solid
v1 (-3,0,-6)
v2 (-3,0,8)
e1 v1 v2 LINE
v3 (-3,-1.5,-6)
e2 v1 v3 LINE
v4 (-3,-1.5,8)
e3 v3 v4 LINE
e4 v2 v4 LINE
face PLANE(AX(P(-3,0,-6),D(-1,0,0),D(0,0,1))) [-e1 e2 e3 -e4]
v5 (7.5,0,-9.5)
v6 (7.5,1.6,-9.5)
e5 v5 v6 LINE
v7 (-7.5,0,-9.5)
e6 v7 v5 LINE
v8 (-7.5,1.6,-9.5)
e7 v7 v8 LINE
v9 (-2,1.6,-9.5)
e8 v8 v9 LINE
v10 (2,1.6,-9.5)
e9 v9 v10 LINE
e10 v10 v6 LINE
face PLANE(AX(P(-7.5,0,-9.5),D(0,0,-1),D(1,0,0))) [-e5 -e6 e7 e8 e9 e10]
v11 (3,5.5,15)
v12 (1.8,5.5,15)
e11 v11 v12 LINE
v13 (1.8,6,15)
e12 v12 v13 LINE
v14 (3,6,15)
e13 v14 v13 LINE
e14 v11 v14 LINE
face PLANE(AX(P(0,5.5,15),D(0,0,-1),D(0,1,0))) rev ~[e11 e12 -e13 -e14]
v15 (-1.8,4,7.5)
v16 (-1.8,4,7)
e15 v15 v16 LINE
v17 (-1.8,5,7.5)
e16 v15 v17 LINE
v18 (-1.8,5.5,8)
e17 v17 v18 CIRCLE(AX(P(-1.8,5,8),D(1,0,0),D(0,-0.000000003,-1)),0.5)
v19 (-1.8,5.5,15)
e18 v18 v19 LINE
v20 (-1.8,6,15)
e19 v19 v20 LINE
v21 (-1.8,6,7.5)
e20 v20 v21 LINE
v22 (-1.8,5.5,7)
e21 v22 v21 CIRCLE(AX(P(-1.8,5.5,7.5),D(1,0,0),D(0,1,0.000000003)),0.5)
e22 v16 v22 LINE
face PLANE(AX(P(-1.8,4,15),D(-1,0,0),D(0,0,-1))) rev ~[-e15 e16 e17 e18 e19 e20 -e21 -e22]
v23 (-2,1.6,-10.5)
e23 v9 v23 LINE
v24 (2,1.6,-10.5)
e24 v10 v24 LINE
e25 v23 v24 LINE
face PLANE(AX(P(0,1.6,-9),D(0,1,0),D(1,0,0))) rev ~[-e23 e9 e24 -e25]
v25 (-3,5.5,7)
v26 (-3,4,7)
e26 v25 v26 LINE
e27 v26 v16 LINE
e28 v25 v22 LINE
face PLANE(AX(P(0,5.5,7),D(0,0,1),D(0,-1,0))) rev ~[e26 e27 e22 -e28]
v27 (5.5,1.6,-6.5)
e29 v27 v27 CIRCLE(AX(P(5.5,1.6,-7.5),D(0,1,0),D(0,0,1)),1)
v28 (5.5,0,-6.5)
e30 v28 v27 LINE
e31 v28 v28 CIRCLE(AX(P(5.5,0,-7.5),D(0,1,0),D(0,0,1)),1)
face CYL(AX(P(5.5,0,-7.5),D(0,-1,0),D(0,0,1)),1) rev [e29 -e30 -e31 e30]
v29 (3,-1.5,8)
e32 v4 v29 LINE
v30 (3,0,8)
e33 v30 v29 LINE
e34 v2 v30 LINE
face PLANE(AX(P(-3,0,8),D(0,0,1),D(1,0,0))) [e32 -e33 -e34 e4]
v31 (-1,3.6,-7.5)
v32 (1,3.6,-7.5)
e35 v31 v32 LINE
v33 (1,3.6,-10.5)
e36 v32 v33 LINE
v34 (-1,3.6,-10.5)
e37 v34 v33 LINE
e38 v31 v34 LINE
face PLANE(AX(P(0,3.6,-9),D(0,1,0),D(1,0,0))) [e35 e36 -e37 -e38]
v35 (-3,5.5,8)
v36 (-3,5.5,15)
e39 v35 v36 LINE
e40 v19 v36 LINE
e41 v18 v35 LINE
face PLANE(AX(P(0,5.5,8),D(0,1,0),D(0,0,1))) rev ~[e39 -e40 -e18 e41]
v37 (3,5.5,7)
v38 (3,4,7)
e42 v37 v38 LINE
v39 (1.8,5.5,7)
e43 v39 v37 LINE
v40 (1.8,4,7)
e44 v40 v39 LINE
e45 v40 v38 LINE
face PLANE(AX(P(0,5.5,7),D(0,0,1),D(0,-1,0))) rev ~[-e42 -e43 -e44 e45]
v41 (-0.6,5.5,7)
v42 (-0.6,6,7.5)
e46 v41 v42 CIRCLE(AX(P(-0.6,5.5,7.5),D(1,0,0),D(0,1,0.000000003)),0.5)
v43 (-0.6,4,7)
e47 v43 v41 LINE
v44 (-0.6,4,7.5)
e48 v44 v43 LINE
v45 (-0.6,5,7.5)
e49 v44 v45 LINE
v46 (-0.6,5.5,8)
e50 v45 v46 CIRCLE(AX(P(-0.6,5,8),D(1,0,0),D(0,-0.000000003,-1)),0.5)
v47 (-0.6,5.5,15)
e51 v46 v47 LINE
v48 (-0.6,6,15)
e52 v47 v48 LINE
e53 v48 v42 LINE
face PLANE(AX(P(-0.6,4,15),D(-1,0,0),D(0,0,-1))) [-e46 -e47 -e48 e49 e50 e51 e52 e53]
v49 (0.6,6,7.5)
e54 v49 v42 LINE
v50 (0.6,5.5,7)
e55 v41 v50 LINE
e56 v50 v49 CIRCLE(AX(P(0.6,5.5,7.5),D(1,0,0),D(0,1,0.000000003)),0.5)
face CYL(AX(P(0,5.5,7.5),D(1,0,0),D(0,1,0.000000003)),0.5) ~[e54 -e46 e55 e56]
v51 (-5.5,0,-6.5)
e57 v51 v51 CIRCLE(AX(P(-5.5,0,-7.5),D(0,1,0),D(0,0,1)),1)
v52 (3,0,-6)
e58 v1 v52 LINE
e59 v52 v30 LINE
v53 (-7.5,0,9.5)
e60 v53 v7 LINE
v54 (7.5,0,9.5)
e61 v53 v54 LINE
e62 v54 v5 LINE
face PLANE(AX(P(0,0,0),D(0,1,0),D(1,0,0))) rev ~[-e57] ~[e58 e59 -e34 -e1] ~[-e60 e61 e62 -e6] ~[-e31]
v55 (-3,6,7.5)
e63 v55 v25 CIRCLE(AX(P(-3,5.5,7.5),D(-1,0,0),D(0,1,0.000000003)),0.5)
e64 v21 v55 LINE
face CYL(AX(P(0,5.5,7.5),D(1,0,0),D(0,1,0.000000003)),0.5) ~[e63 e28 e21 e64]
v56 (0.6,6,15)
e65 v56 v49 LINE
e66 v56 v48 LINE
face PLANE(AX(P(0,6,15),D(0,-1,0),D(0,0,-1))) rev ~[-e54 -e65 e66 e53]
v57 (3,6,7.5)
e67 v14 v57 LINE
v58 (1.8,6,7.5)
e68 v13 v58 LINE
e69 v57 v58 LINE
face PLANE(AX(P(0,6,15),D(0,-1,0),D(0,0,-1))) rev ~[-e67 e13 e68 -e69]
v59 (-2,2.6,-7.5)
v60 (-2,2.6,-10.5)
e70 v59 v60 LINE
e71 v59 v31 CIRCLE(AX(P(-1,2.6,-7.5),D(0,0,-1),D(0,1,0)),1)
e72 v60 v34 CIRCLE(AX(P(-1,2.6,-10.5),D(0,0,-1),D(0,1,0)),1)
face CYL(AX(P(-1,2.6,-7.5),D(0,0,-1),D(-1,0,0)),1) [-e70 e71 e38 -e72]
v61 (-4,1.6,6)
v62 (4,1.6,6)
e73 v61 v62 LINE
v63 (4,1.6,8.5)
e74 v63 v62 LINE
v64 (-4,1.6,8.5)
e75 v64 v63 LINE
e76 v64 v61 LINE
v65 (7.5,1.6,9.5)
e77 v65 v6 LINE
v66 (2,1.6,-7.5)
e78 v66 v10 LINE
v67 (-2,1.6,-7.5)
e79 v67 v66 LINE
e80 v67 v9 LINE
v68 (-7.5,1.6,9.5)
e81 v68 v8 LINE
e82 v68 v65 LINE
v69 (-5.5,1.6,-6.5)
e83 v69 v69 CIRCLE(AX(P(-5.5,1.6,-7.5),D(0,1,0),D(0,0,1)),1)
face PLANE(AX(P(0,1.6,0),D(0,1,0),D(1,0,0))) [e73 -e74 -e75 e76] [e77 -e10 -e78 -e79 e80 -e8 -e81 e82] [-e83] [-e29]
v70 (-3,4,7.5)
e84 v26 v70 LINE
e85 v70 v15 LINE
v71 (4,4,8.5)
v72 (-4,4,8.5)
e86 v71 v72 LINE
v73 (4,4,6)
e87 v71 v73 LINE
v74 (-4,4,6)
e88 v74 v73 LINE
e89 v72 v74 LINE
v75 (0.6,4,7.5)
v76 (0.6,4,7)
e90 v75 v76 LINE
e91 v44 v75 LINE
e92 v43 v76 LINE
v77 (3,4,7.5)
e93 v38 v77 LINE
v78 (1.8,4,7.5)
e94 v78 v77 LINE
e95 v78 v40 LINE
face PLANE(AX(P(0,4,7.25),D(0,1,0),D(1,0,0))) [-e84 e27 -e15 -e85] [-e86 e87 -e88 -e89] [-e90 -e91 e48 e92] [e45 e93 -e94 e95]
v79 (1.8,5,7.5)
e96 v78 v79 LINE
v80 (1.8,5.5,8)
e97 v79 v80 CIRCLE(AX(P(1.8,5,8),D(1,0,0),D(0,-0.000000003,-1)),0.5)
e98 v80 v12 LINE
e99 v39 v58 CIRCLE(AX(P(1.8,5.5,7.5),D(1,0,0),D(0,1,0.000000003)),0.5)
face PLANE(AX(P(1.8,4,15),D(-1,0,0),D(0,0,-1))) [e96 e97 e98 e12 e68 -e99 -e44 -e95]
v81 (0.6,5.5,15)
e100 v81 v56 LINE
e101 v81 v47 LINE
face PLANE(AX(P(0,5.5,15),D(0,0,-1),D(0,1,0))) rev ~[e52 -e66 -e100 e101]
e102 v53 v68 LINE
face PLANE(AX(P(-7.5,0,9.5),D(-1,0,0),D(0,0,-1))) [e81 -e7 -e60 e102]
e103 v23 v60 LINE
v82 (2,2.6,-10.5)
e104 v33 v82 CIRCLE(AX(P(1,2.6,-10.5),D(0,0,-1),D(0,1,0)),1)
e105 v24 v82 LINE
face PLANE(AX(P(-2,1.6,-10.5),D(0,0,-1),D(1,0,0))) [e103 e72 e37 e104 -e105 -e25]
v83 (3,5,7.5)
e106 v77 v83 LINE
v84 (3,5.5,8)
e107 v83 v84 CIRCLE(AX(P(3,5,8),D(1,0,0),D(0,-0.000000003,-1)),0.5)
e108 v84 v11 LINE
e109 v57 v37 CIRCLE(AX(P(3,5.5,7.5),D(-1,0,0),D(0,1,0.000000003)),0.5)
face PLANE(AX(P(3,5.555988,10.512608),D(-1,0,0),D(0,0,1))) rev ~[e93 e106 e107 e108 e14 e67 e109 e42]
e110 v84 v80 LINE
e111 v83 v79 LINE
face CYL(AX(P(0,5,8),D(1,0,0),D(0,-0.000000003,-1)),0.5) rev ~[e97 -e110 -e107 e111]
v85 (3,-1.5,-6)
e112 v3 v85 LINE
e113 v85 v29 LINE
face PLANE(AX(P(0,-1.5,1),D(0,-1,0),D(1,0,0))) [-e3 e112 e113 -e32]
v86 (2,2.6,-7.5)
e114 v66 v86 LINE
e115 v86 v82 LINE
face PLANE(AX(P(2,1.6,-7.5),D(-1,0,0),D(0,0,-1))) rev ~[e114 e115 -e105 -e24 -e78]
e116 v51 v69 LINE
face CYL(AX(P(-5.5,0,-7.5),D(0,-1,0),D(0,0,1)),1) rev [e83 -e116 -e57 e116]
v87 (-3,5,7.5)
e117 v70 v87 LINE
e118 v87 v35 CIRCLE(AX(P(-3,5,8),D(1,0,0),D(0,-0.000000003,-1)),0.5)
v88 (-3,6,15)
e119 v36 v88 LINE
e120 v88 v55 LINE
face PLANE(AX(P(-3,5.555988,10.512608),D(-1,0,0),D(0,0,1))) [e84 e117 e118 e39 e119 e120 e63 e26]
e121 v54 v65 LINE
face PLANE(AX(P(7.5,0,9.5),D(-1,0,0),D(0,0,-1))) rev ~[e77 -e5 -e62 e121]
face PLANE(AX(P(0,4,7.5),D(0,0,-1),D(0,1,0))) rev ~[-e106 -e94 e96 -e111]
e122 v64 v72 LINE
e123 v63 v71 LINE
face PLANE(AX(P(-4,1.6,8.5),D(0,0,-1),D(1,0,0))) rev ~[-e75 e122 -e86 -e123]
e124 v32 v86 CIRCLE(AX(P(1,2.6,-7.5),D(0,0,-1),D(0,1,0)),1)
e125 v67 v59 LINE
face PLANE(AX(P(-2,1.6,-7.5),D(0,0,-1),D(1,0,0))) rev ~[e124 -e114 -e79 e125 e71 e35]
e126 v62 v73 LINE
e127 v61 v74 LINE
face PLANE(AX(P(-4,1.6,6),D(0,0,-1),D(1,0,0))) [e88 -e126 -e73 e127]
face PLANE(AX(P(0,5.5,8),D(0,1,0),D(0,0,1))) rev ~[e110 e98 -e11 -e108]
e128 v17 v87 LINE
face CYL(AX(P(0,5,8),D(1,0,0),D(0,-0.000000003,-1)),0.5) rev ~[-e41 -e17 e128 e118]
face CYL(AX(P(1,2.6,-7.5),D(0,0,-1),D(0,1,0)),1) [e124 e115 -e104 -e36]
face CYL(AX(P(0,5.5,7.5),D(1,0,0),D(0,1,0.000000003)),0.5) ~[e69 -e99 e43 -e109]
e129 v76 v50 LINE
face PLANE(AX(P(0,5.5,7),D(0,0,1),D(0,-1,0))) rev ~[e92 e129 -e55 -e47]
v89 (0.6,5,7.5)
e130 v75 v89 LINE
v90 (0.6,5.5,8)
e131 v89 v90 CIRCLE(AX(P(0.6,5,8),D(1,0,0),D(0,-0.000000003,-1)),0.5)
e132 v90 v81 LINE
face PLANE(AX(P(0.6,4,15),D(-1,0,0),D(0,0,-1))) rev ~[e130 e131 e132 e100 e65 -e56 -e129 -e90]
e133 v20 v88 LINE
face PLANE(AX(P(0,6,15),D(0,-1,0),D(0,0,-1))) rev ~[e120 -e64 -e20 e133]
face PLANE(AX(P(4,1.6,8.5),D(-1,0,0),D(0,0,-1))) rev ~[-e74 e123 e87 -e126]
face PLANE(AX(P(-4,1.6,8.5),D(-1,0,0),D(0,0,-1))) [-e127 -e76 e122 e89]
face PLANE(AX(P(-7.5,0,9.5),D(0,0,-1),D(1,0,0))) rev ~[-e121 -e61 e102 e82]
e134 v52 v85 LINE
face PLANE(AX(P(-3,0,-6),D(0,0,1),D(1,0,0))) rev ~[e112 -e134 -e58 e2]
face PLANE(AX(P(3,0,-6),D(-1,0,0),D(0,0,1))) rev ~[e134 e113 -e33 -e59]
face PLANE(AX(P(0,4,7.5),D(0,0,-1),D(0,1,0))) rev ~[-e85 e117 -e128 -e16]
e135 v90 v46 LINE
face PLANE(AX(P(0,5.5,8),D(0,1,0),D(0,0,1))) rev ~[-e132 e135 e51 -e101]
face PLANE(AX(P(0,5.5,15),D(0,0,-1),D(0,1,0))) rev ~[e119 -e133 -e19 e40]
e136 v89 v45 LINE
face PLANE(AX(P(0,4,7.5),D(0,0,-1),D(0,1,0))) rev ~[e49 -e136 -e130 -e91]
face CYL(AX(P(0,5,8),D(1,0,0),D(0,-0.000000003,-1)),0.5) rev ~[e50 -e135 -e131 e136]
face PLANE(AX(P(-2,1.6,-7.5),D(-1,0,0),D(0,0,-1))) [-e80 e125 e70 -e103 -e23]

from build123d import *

# Parameters (mm, degrees)
ESBO_O1_W                = 15
ESBO_O1_H                = 19
ESBO_O1_R                = 1
RESSALTO_EXTRUS_O1_DEPTH = 1.6
ESBO_O3_W                = 4
ESBO_O3_H                = 3
RESSALTO_EXTRUS_O2_DEPTH = 2
FILETE1_R                = 1
ESBO_O4_W                = 8
ESBO_O4_H                = 2.5
RESSALTO_EXTRUS_O3_DEPTH = 2.4
RESSALTO_EXTRUS_O4_DEPTH = 3
CORTE_EXTRUS_O1_START    = -2
ESBO_O6_W                = 1.2
ESBO_O6_H                = 8
CORTE_EXTRUS_O1_DEPTH    = 2
ESBO_O7_W                = 6
ESBO_O7_H                = 14
RESSALTO_EXTRUS_O5_DEPTH = 1.5


with BuildPart() as part:
    # Esboço1 → Ressalto-extrusão1 (new body)
    with BuildSketch(Plane(origin=(0, 0, 0), x_dir=(1, 0, 0), z_dir=(0, 1, 0))):
        Rectangle(ESBO_O1_W, ESBO_O1_H)
        with Locations(Location((-5.5, 7.5, 0), (0, 0, 270))):
            Circle(ESBO_O1_R, mode=Mode.SUBTRACT)
        with Locations(Location((5.5, 7.5, 0), (0, 0, 270))):
            Circle(ESBO_O1_R, mode=Mode.SUBTRACT)
    extrude(amount=RESSALTO_EXTRUS_O1_DEPTH)

    # Esboço3 → Ressalto-extrusão2 (add)
    with BuildSketch(Plane(origin=(0, 1.6, 0), x_dir=(1, 0, 0), z_dir=(0, 1, 0))):
        with Locations((0, 9)):
            Rectangle(ESBO_O3_W, ESBO_O3_H)
    extrude(amount=RESSALTO_EXTRUS_O2_DEPTH)

    # Filete1
    filete1_edges = [part.edges().sort_by_distance(p)[0] for p in [
        (2, 3.6, -9),
        (-2, 3.6, -9),
    ]]
    fillet(filete1_edges, radius=FILETE1_R)

    # Esboço4 → Ressalto-extrusão3 (add)
    with BuildSketch(Plane(origin=(0, 1.6, 0), x_dir=(1, 0, 0), z_dir=(0, 1, 0))):
        with Locations((0, -7.25)):
            Rectangle(ESBO_O4_W, ESBO_O4_H)
    extrude(amount=RESSALTO_EXTRUS_O3_DEPTH)

    # Esboço5 → Ressalto-extrusão4 (add, symmetric)
    with BuildSketch(Plane(origin=(0, 0, 0), x_dir=(0, 0, -1), z_dir=(1, 0, 0))):
        with BuildLine():
            Line((-7.5, 4), (-7.5, 5))
            ThreePointArc((-7.5, 5), (-7.646446609, 5.353553391), (-8, 5.5))
            Line((-8, 5.5), (-15, 5.5))
            Line((-15, 5.5), (-15, 6))
            Line((-15, 6), (-7.5, 6))
            ThreePointArc((-7.5, 6), (-7.146446609, 5.853553391), (-7, 5.5))
            Line((-7, 5.5), (-7, 4))
            Line((-7, 4), (-7.5, 4))
        make_face()
    extrude(amount=RESSALTO_EXTRUS_O4_DEPTH, both=True)

    # Esboço6 → Corte-extrusão1 (cut)
    with BuildSketch(Plane(origin=(0, 6, 0), x_dir=(1, 0, 0), z_dir=(0, 1, 0)).offset(CORTE_EXTRUS_O1_START)):
        with Locations((-1.2, -11)):
            Rectangle(ESBO_O6_W, ESBO_O6_H)
        with Locations((1.2, -11)):
            Rectangle(ESBO_O6_W, ESBO_O6_H)
    extrude(amount=CORTE_EXTRUS_O1_DEPTH, mode=Mode.SUBTRACT)

    # Esboço7 → Ressalto-extrusão5 (add)
    with BuildSketch(Plane.XZ):
        with Locations((0, 1)):
            Rectangle(ESBO_O7_W, ESBO_O7_H)
    extrude(amount=RESSALTO_EXTRUS_O5_DEPTH)


solid = part.part
